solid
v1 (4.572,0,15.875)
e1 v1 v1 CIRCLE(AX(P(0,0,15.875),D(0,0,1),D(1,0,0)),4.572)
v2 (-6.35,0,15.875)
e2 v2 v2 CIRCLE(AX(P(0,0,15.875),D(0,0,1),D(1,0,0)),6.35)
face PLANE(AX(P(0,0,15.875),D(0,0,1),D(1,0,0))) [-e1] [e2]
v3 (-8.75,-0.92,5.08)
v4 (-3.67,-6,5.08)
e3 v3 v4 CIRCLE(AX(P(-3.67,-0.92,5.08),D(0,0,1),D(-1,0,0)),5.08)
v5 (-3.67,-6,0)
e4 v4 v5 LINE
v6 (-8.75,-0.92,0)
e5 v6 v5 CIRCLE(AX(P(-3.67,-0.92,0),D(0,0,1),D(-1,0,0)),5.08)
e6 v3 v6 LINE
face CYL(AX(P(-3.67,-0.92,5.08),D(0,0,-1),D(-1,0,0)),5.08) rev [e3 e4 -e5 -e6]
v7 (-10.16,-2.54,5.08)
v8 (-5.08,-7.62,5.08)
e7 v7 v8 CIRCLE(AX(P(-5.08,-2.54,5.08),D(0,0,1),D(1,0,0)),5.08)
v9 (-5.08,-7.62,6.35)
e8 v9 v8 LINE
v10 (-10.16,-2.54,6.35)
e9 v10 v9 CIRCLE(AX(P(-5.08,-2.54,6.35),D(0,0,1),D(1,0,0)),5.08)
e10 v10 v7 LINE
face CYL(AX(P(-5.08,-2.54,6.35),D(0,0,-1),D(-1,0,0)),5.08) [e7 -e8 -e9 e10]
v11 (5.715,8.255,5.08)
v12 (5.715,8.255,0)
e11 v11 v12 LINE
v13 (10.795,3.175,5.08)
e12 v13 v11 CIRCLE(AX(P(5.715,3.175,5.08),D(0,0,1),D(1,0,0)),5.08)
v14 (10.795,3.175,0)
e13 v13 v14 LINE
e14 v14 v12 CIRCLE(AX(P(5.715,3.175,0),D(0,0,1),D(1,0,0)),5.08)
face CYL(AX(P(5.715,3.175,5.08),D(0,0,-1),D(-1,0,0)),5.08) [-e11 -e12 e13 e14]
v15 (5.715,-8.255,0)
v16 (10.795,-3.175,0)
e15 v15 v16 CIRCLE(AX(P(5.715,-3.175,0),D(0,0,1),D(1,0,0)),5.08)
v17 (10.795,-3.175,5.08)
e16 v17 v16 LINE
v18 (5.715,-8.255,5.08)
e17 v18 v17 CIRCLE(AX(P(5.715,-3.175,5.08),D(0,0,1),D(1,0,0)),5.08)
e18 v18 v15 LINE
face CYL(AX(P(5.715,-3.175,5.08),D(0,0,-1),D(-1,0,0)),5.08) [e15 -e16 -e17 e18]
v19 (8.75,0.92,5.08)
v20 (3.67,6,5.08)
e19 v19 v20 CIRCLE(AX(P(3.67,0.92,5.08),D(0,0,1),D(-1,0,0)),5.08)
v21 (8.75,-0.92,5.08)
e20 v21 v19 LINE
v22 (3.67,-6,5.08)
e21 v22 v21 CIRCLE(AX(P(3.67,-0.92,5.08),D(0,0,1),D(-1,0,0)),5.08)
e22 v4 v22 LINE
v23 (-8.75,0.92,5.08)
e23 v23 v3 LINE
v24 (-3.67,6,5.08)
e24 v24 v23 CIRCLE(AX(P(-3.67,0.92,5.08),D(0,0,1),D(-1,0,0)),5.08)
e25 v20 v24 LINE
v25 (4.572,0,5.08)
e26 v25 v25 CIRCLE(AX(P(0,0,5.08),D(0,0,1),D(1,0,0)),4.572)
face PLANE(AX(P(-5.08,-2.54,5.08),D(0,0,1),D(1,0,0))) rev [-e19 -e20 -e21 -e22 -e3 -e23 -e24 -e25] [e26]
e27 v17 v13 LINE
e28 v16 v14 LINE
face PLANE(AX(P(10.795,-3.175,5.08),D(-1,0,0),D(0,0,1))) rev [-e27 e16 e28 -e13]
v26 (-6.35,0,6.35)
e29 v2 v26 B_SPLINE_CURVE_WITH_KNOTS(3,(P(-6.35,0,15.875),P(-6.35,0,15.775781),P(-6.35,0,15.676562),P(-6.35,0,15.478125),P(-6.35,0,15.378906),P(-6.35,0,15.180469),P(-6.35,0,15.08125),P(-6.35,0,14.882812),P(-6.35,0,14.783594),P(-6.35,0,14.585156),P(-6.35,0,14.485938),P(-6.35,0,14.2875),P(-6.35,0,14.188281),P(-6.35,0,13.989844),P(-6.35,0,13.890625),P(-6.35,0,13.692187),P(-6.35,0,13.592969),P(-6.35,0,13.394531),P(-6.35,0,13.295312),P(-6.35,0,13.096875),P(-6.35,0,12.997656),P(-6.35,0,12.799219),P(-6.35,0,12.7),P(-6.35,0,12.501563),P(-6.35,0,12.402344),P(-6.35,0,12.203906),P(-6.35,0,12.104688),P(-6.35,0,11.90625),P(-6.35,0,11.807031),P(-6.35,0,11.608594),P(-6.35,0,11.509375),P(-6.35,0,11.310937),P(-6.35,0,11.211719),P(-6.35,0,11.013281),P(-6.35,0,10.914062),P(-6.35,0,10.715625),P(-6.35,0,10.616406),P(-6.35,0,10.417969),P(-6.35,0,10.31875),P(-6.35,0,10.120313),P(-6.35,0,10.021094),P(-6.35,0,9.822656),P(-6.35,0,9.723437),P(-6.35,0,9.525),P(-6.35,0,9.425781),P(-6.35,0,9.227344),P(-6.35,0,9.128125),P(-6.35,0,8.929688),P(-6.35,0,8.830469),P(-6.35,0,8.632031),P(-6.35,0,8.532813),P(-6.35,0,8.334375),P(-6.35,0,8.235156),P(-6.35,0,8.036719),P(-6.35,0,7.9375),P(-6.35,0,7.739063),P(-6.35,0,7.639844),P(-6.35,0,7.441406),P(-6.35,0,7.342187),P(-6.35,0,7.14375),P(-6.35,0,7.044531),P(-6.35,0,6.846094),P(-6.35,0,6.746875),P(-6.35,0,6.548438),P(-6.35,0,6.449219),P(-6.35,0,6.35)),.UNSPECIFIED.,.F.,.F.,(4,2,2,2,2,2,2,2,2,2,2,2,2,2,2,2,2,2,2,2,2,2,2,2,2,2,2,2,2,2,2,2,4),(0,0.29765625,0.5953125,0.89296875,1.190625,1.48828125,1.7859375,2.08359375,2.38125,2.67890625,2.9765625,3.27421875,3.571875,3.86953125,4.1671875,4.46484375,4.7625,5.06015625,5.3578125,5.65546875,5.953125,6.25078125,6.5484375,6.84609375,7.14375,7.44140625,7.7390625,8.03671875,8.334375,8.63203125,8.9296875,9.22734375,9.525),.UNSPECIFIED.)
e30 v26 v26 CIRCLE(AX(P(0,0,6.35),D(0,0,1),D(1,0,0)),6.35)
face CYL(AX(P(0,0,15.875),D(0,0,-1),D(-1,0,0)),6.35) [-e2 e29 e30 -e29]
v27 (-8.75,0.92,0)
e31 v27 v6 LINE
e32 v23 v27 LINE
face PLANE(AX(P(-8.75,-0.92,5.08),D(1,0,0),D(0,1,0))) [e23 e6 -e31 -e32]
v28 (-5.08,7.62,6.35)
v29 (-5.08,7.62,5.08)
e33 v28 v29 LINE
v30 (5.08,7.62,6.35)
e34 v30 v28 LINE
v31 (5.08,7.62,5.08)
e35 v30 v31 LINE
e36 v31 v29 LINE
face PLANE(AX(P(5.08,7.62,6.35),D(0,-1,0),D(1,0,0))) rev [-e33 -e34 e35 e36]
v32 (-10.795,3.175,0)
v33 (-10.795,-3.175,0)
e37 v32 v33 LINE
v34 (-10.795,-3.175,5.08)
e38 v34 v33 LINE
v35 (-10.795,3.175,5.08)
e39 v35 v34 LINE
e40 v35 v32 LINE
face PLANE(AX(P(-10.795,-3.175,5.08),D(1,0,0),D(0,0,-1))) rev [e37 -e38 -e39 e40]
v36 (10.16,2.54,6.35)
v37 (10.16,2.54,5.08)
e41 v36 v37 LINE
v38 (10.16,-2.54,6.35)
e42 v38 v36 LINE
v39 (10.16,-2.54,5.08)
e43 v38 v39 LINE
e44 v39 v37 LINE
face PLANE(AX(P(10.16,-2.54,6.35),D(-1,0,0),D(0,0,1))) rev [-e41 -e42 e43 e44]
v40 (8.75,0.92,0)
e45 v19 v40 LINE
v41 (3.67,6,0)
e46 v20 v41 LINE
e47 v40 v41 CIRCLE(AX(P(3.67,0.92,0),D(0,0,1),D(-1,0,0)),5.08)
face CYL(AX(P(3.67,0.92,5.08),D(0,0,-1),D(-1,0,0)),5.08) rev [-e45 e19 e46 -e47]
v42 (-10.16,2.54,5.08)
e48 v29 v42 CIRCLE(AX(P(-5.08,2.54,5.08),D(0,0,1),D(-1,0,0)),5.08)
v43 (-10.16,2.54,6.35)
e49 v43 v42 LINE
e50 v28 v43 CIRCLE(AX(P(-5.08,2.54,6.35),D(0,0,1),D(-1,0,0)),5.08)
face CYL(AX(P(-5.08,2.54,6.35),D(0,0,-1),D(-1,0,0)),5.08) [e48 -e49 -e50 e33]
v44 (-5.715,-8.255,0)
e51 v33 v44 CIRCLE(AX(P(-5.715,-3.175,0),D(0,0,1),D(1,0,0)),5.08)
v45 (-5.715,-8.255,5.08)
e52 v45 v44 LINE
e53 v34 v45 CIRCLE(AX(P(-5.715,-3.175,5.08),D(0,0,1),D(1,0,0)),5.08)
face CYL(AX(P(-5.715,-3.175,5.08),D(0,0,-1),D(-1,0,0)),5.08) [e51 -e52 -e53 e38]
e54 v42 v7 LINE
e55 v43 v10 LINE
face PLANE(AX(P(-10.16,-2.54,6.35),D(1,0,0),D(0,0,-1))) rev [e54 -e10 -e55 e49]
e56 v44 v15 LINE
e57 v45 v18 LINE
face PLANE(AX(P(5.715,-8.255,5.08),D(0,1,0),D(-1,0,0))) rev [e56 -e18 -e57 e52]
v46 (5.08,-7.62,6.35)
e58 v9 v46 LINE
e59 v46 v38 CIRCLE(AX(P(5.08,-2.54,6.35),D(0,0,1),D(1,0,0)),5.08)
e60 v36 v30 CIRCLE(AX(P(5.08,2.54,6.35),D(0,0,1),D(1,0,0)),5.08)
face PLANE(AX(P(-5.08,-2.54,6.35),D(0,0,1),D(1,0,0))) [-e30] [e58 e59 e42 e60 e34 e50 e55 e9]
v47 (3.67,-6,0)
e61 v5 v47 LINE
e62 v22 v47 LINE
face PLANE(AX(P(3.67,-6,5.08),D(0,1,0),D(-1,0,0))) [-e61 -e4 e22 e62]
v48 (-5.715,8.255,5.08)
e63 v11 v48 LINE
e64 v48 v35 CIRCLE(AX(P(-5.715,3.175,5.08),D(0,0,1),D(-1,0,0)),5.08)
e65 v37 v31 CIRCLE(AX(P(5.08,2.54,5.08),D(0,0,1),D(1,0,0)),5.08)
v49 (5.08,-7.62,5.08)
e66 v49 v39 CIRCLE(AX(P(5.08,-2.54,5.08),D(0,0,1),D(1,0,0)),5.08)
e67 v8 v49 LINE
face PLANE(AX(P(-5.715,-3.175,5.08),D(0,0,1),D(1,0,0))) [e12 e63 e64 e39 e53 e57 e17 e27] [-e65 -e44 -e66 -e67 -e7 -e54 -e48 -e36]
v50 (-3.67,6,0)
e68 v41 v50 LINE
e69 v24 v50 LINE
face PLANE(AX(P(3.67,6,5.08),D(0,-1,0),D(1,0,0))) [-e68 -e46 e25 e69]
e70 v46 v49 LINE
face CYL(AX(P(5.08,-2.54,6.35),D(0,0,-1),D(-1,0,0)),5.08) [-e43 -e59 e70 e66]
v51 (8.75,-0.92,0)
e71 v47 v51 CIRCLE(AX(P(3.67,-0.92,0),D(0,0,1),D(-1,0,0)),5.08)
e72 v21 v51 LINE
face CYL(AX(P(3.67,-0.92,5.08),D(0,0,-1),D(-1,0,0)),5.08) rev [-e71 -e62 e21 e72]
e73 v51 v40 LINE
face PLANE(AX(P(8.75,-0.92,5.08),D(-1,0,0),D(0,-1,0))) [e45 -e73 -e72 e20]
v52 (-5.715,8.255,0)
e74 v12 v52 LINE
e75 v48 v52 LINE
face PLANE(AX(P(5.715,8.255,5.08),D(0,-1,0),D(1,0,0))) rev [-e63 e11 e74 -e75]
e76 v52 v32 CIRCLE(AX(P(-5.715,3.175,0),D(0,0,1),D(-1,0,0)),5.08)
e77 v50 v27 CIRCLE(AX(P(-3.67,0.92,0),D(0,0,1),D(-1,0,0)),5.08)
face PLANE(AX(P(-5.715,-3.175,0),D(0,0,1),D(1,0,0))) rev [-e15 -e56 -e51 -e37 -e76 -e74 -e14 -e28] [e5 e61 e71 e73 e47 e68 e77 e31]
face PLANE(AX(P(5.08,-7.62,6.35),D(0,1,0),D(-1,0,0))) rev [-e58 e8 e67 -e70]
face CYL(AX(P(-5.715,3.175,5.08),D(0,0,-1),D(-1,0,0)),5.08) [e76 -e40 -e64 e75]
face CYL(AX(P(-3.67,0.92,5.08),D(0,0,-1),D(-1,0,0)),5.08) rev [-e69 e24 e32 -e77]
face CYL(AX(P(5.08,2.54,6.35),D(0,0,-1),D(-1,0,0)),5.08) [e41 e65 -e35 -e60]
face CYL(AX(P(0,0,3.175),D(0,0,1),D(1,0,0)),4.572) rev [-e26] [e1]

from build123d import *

# Parameters (mm, degrees)
BOSS_EXTRUDE1_DEPTH = 5.08
BOSS_EXTRUDE2_DEPTH = 1.27
SKETCH4_R           = 6.35
BOSS_EXTRUDE3_DEPTH = 9.525
SKETCH5_R           = 4.572
CUT_EXTRUDE1_DEPTH  = 12.7


with BuildPart() as part:
    # Sketch1 → Boss-Extrude1 (new body)
    with BuildSketch(Plane.XY):
        with BuildLine():
            Line((5.715, -8.255), (-5.715, -8.255))
            ThreePointArc((-5.715, -8.255), (-9.307102448, -6.767102448), (-10.795, -3.175))
            Line((-10.795, -3.175), (-10.795, 3.175))
            ThreePointArc((-10.795, 3.175), (-9.307102448, 6.767102448), (-5.715, 8.255))
            Line((-5.715, 8.255), (5.715, 8.255))
            ThreePointArc((5.715, 8.255), (9.307102448, 6.767102448), (10.795, 3.175))
            Line((10.795, 3.175), (10.795, -3.175))
            ThreePointArc((10.795, -3.175), (9.307102448, -6.767102448), (5.715, -8.255))
        make_face()
        with BuildLine():
            Line((3.67, -6), (-3.67, -6))
            ThreePointArc((-3.67, -6), (-7.262102448, -4.512102448), (-8.75, -0.92))
            Line((-8.75, -0.92), (-8.75, 0.92))
            ThreePointArc((-8.75, 0.92), (-7.262102448, 4.512102448), (-3.67, 6))
            Line((-3.67, 6), (3.67, 6))
            ThreePointArc((3.67, 6), (7.262102448, 4.512102448), (8.75, 0.92))
            Line((8.75, 0.92), (8.75, -0.92))
            ThreePointArc((8.75, -0.92), (7.262102448, -4.512102448), (3.67, -6))
        make_face(mode=Mode.SUBTRACT)
    extrude(amount=BOSS_EXTRUDE1_DEPTH)

    # Sketch2 → Boss-Extrude2 (add)
    with BuildSketch(Plane.XY.offset(5.08)):
        with BuildLine():
            Line((5.08, -7.62), (-5.08, -7.62))
            ThreePointArc((-5.08, -7.62), (-8.672102448, -6.132102448), (-10.16, -2.54))
            Line((-10.16, -2.54), (-10.16, 2.54))
            ThreePointArc((-10.16, 2.54), (-8.672102448, 6.132102448), (-5.08, 7.62))
            Line((-5.08, 7.62), (5.08, 7.62))
            ThreePointArc((5.08, 7.62), (8.672102448, 6.132102448), (10.16, 2.54))
            Line((10.16, 2.54), (10.16, -2.54))
            ThreePointArc((10.16, -2.54), (8.672102448, -6.132102448), (5.08, -7.62))
        make_face()
    extrude(amount=BOSS_EXTRUDE2_DEPTH)

    # Sketch4 → Boss-Extrude3 (add)
    with BuildSketch(Plane.XY.offset(6.35)):
        with Locations(Location((0, 0, 0), (0, 0, 180))):
            Circle(SKETCH4_R)
    extrude(amount=BOSS_EXTRUDE3_DEPTH)

    # Sketch5 → Cut-Extrude1 (cut)
    with BuildSketch(Plane.XY.offset(15.875)):
        Circle(SKETCH5_R)
    extrude(amount=-CUT_EXTRUDE1_DEPTH, mode=Mode.SUBTRACT)


solid = part.part
